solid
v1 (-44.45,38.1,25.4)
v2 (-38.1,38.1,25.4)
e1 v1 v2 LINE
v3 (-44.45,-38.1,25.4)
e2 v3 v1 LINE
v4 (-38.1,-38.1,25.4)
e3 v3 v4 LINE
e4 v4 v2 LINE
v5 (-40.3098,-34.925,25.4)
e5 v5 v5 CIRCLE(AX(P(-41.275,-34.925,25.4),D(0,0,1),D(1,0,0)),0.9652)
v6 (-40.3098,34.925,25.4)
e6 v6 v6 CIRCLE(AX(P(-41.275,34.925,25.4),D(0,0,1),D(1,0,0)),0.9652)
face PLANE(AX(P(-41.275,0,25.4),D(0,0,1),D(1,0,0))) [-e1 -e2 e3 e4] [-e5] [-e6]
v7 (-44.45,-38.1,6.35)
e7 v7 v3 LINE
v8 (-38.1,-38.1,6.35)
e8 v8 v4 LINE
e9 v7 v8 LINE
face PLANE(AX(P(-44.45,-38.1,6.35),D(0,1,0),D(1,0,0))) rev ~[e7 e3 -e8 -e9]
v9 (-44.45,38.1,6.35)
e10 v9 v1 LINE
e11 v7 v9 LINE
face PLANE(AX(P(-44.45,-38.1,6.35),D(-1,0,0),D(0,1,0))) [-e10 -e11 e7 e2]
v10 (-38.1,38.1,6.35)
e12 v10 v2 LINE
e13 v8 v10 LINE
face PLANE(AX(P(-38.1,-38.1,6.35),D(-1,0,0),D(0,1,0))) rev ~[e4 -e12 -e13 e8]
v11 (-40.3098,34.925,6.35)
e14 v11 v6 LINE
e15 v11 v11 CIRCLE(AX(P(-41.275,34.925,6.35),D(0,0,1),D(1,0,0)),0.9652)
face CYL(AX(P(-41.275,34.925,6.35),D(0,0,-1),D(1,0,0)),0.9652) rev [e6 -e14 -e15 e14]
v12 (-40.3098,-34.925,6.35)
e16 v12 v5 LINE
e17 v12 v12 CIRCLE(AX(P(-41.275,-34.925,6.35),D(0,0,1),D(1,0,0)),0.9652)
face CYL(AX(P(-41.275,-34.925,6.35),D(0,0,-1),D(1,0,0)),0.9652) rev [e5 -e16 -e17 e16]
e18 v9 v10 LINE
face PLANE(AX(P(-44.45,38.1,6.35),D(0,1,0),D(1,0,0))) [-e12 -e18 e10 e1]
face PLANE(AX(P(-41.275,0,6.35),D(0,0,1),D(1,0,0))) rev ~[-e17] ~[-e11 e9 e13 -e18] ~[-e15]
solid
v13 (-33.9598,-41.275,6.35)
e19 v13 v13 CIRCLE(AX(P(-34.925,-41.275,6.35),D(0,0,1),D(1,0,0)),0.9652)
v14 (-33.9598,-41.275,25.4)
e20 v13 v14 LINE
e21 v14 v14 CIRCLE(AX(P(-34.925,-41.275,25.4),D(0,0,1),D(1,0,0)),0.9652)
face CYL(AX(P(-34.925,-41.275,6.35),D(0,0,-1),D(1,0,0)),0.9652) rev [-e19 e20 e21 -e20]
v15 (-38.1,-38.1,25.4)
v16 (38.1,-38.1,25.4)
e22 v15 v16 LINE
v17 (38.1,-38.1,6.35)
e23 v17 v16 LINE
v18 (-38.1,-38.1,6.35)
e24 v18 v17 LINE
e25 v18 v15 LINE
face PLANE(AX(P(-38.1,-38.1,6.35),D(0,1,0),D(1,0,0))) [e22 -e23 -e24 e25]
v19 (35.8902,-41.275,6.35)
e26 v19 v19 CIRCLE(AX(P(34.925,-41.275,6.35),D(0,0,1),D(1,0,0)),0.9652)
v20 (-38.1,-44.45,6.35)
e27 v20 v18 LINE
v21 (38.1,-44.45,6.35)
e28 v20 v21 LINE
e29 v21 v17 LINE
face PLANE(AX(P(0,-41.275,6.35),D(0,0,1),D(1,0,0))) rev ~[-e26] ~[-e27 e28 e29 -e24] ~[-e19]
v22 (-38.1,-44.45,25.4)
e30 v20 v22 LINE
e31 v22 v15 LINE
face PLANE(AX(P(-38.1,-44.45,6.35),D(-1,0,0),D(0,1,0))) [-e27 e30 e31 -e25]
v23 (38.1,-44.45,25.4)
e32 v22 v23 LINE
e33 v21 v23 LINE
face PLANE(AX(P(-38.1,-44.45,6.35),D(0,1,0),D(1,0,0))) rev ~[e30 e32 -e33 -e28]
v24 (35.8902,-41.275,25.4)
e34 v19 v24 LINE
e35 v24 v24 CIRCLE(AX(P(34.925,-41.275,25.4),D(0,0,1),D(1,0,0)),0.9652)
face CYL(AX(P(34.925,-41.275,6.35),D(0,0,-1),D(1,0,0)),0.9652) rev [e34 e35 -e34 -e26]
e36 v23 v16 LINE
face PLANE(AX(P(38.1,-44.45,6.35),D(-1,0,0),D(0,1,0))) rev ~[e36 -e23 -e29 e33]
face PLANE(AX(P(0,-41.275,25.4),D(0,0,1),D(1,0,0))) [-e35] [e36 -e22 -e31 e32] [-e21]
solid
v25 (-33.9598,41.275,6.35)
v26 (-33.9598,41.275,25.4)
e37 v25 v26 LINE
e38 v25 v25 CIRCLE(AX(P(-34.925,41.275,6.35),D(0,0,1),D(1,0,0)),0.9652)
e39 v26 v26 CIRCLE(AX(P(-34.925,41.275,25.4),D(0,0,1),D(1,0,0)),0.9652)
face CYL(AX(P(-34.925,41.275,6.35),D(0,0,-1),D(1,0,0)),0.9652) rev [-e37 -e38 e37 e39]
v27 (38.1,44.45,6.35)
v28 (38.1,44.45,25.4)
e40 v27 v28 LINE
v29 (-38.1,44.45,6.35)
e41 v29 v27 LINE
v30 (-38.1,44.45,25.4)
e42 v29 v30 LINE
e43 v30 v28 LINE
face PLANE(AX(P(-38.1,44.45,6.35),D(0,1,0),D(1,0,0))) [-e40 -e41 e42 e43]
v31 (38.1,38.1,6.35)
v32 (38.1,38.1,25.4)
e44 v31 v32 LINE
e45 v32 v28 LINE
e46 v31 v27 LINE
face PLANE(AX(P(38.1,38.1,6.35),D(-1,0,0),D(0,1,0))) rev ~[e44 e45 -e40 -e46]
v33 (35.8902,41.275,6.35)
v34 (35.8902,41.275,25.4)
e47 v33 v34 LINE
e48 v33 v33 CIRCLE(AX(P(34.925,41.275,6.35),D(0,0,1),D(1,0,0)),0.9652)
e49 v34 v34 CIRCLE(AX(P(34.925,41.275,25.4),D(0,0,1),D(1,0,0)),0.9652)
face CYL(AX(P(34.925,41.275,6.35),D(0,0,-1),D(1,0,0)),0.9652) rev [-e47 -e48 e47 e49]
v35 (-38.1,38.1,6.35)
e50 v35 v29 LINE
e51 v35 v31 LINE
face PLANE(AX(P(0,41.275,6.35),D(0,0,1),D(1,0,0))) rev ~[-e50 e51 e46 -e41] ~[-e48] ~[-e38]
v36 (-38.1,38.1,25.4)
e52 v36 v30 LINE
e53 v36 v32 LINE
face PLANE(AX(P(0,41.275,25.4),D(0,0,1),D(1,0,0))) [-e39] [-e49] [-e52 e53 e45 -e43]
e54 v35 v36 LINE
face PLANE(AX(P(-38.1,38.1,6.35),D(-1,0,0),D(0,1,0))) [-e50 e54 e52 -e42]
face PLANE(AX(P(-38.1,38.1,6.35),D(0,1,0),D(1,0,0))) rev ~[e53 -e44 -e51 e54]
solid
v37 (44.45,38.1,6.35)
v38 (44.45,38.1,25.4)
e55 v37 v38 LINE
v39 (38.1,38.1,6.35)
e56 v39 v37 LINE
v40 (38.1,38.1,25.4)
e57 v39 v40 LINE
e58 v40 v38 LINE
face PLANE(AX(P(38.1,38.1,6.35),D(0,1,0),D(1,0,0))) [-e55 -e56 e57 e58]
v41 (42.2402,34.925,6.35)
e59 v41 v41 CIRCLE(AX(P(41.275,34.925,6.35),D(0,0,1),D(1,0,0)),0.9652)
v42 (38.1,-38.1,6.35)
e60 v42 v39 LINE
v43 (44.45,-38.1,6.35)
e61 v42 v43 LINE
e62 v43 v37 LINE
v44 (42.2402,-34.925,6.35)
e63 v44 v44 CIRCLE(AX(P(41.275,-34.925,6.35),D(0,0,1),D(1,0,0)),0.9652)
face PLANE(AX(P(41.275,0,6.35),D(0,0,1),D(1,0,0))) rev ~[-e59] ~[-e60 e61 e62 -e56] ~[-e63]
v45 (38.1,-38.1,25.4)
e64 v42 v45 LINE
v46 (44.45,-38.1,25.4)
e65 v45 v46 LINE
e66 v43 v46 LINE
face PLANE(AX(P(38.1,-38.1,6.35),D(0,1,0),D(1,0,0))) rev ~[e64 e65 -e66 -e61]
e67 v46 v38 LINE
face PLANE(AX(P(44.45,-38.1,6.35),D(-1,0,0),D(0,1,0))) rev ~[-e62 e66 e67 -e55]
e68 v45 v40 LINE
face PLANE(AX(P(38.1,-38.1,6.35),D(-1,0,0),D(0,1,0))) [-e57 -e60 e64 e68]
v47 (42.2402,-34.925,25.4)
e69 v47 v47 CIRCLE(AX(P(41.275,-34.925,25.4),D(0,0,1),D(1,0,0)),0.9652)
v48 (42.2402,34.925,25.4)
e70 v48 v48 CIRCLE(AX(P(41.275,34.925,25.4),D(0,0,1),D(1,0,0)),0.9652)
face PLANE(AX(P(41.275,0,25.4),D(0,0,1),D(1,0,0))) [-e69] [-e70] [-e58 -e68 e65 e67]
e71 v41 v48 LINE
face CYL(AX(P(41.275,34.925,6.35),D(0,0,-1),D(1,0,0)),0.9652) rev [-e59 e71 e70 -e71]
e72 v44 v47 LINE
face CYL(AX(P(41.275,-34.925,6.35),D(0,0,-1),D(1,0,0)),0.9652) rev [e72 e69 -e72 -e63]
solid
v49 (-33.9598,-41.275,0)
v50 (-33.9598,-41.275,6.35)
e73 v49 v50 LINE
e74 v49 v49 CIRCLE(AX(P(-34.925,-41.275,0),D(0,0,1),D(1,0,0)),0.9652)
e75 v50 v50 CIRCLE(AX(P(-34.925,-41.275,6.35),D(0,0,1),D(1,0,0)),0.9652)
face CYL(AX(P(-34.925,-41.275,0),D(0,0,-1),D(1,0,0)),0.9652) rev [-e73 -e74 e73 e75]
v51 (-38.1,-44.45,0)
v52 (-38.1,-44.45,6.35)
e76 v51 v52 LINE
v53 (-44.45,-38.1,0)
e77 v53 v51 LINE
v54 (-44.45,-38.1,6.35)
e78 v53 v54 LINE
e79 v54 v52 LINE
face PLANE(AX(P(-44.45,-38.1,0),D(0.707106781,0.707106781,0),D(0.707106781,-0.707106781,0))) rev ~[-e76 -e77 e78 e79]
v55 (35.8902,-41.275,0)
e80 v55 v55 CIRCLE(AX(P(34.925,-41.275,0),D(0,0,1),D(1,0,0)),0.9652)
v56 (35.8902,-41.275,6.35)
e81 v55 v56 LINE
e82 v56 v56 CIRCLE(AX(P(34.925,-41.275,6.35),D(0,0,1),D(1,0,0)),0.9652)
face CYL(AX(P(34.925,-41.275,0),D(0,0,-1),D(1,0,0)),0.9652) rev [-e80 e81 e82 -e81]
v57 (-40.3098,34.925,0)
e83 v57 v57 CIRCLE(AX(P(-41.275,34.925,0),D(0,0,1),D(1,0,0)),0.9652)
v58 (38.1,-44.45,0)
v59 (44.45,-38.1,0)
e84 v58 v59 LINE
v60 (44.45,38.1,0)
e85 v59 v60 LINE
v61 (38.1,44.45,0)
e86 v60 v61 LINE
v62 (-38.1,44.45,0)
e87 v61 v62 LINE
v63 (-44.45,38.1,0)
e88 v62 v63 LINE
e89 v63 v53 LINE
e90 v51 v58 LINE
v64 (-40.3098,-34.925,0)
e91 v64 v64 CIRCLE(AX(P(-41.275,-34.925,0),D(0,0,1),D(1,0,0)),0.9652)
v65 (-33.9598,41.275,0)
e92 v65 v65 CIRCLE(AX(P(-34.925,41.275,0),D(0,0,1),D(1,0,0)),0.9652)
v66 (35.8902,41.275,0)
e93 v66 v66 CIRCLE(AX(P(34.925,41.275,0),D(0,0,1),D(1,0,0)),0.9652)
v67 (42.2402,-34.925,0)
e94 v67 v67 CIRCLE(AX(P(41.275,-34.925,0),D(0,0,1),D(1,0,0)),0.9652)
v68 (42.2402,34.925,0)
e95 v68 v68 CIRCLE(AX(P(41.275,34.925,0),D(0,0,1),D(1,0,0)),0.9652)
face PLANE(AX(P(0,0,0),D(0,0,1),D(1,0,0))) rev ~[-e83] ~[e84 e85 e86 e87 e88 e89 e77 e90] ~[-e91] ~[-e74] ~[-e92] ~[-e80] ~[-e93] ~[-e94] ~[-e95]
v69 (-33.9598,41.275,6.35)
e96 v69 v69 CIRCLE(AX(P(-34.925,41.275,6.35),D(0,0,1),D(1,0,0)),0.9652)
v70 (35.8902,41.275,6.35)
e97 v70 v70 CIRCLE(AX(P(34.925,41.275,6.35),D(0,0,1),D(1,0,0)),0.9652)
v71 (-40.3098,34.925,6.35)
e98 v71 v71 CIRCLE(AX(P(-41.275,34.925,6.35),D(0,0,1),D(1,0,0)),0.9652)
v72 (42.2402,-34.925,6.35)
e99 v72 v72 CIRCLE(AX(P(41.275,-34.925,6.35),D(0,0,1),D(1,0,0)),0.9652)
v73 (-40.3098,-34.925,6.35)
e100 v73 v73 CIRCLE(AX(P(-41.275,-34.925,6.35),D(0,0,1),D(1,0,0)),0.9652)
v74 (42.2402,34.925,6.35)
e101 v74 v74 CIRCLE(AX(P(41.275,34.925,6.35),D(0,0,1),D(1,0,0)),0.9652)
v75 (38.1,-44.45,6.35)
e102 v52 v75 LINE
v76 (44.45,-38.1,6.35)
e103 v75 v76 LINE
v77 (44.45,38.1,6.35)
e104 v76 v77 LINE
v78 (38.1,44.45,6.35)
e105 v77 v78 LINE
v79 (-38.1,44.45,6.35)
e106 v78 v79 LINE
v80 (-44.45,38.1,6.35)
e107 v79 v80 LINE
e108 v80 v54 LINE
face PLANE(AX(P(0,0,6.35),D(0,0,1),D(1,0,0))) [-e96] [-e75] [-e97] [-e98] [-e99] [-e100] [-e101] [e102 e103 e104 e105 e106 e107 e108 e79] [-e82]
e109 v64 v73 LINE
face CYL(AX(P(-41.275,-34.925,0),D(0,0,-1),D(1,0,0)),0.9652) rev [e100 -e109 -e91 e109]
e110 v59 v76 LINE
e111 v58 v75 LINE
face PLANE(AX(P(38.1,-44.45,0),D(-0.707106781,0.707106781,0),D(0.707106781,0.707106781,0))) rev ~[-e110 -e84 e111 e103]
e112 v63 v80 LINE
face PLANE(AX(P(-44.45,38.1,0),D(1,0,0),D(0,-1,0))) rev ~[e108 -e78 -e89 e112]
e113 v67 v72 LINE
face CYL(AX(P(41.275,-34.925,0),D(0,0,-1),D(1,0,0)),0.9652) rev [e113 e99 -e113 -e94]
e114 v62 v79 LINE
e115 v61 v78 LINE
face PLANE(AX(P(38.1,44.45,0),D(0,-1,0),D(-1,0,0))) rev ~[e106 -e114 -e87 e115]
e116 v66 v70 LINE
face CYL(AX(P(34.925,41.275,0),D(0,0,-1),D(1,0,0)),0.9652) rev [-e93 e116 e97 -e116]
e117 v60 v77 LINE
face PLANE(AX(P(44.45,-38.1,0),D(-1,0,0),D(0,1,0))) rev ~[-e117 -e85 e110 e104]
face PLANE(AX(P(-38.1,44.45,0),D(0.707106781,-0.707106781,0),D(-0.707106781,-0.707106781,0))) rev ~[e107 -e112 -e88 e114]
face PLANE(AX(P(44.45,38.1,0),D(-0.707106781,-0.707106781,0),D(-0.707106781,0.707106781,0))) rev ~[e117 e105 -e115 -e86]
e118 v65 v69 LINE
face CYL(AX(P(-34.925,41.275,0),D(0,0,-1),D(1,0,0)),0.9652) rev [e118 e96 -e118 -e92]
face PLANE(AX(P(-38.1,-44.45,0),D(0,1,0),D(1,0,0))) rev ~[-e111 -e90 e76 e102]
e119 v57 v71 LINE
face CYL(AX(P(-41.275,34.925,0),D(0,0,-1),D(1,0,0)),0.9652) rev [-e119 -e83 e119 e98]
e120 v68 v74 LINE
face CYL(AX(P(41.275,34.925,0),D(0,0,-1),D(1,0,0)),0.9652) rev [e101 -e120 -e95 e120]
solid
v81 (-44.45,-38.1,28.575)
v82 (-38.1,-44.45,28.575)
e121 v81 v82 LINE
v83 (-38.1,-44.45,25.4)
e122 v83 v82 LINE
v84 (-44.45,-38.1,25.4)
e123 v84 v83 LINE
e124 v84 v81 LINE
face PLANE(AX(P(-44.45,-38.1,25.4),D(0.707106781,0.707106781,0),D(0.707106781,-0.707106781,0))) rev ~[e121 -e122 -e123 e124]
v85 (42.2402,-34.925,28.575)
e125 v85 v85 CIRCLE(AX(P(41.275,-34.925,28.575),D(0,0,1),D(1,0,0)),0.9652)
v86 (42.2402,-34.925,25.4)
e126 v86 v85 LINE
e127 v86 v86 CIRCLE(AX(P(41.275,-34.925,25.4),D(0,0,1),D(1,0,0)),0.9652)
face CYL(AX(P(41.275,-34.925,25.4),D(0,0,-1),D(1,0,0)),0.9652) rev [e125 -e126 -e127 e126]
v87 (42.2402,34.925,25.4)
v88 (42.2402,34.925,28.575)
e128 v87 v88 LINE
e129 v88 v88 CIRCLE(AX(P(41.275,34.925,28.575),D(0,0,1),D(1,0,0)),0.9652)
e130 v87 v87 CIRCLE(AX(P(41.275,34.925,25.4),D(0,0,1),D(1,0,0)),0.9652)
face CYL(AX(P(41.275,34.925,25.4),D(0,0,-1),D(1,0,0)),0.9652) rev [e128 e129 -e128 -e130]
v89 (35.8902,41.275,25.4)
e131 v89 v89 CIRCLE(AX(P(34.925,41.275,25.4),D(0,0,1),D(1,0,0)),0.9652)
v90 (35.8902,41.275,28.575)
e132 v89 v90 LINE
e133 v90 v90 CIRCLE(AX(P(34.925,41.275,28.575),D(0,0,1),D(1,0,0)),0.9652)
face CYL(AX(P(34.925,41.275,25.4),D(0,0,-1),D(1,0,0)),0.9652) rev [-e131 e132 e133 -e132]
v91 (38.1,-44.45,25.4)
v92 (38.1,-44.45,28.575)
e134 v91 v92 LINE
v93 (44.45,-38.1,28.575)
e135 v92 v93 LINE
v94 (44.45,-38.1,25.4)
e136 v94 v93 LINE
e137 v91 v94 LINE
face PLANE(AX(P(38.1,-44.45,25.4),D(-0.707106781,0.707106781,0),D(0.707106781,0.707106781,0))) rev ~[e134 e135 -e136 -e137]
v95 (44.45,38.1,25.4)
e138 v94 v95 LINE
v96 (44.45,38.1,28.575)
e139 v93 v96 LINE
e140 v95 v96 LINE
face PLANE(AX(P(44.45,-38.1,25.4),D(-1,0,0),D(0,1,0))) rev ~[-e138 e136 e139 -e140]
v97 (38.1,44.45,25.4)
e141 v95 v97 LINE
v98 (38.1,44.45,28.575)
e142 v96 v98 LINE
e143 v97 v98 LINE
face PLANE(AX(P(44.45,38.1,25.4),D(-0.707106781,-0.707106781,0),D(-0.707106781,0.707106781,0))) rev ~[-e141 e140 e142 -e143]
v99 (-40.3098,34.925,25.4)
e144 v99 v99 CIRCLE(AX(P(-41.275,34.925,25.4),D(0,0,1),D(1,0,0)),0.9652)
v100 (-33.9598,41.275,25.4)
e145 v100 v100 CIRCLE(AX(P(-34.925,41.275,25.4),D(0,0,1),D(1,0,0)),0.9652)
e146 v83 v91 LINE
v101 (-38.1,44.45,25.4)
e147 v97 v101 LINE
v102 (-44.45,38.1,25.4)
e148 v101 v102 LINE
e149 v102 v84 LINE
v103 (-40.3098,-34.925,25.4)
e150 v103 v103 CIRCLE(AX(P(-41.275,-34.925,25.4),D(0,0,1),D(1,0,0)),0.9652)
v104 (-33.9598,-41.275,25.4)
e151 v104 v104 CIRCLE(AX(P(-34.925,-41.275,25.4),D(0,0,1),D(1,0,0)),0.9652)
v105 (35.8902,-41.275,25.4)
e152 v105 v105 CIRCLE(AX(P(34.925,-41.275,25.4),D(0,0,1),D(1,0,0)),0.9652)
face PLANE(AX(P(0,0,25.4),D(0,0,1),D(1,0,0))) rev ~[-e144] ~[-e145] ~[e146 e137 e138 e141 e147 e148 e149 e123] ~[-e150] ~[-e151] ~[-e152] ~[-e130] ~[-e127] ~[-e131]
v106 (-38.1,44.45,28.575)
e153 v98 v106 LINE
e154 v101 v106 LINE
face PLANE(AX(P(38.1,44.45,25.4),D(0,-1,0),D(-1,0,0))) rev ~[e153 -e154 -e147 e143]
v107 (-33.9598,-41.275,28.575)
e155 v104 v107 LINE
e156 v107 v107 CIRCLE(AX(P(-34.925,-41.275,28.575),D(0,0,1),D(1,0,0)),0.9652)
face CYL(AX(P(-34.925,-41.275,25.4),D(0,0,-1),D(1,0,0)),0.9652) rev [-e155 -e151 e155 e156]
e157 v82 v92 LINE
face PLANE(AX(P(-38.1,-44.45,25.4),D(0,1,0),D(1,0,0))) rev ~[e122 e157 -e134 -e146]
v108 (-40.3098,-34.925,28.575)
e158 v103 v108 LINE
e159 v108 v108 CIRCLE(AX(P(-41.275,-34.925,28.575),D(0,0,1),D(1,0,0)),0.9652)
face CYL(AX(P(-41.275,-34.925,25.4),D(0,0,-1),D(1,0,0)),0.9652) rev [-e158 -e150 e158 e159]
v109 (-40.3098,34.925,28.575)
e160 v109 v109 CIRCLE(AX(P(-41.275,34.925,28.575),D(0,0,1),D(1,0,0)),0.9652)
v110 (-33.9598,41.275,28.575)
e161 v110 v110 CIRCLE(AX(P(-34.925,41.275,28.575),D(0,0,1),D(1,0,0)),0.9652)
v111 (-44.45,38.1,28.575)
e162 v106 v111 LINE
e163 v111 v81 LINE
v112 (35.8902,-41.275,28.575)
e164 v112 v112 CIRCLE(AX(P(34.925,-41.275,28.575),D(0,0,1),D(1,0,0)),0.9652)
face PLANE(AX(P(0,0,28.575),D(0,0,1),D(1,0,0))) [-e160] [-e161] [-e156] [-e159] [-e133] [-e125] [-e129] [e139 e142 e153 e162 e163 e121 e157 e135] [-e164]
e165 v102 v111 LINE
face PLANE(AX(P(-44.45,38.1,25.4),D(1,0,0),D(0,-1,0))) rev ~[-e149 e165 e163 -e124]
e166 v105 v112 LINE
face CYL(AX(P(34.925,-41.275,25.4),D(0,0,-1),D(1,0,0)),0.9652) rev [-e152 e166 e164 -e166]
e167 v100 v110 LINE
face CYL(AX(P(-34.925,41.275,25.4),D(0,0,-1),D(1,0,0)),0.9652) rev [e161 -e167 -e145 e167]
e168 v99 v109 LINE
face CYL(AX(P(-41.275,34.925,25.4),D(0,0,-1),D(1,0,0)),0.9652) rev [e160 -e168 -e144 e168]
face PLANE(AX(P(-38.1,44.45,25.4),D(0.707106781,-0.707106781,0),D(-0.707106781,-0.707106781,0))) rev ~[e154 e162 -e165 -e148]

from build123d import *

# Parameters (mm, degrees)
F0_R     = 0.9652
F1_DEPTH = 6.35
F2_W     = 76.2
F2_H     = 6.35
F2_R     = 0.9652
F2_W_2   = 6.35
F2_H_2   = 76.2
F3_DEPTH = 19.05
F4_R     = 0.9652
F5_DEPTH = 3.175


with BuildPart() as f1:
    # F0 (on Top) → F1 (new body)
    with BuildSketch(Plane.XY):
        Polygon((38.1, 44.45), (-38.1, 44.45), (-44.45, 38.1), (-44.45, -38.1), (-38.1, -44.45), (38.1, -44.45), (44.45, -38.1), (44.45, 38.1), align=None)
        with Locations((-34.925, -41.275)):
            Circle(F0_R, mode=Mode.SUBTRACT)
        with Locations((-41.275, -34.925)):
            Circle(F0_R, mode=Mode.SUBTRACT)
        with Locations((34.925, -41.275)):
            Circle(F0_R, mode=Mode.SUBTRACT)
        with Locations((41.275, -34.925)):
            Circle(F0_R, mode=Mode.SUBTRACT)
        with Locations((-41.275, 34.925)):
            Circle(F0_R, mode=Mode.SUBTRACT)
        with Locations((-34.925, 41.275)):
            Circle(F0_R, mode=Mode.SUBTRACT)
        with Locations((41.275, 34.925)):
            Circle(F0_R, mode=Mode.SUBTRACT)
        with Locations((34.925, 41.275)):
            Circle(F0_R, mode=Mode.SUBTRACT)
    extrude(amount=F1_DEPTH)


with BuildPart() as f3:
    # F2 (on face) → F3 (new body)
    with BuildSketch(Plane.XY.offset(6.35)):
        with Locations((0, 41.275)):
            Rectangle(F2_W, F2_H)
        with Locations((-34.925, 41.275)):
            Circle(F2_R, mode=Mode.SUBTRACT)
        with Locations((34.925, 41.275)):
            Circle(F2_R, mode=Mode.SUBTRACT)
        with Locations((-41.275, 0)):
            Rectangle(F2_W_2, F2_H_2)
        with Locations((-41.275, -34.925)):
            Circle(F2_R, mode=Mode.SUBTRACT)
        with Locations((-41.275, 34.925)):
            Circle(F2_R, mode=Mode.SUBTRACT)
        with Locations((0, -41.275)):
            Rectangle(F2_W, F2_H)
        with Locations((-34.925, -41.275)):
            Circle(F2_R, mode=Mode.SUBTRACT)
        with Locations((34.925, -41.275)):
            Circle(F2_R, mode=Mode.SUBTRACT)
        with Locations((41.275, 0)):
            Rectangle(F2_W_2, F2_H_2)
        with Locations((41.275, -34.925)):
            Circle(F2_R, mode=Mode.SUBTRACT)
        with Locations((41.275, 34.925)):
            Circle(F2_R, mode=Mode.SUBTRACT)
    extrude(amount=F3_DEPTH)


with BuildPart() as f5:
    # F4 (on face) → F5 (new body)
    with BuildSketch(Plane.XY.offset(25.4)):
        Polygon((44.45, 38.1), (38.1, 44.45), (-38.1, 44.45), (-44.45, 38.1), (-44.45, -38.1), (-38.1, -44.45), (38.1, -44.45), (44.45, -38.1), align=None)
        with Locations((-34.925, -41.275)):
            Circle(F4_R, mode=Mode.SUBTRACT)
        with Locations((-41.275, -34.925)):
            Circle(F4_R, mode=Mode.SUBTRACT)
        with Locations((34.925, -41.275)):
            Circle(F4_R, mode=Mode.SUBTRACT)
        with Locations((41.275, -34.925)):
            Circle(F4_R, mode=Mode.SUBTRACT)
        with Locations((-41.275, 34.925)):
            Circle(F4_R, mode=Mode.SUBTRACT)
        with Locations((-34.925, 41.275)):
            Circle(F4_R, mode=Mode.SUBTRACT)
        with Locations((41.275, 34.925)):
            Circle(F4_R, mode=Mode.SUBTRACT)
        with Locations((34.925, 41.275)):
            Circle(F4_R, mode=Mode.SUBTRACT)
    extrude(amount=F5_DEPTH)


solid = Compound([f1.part, f3.part, f5.part])
